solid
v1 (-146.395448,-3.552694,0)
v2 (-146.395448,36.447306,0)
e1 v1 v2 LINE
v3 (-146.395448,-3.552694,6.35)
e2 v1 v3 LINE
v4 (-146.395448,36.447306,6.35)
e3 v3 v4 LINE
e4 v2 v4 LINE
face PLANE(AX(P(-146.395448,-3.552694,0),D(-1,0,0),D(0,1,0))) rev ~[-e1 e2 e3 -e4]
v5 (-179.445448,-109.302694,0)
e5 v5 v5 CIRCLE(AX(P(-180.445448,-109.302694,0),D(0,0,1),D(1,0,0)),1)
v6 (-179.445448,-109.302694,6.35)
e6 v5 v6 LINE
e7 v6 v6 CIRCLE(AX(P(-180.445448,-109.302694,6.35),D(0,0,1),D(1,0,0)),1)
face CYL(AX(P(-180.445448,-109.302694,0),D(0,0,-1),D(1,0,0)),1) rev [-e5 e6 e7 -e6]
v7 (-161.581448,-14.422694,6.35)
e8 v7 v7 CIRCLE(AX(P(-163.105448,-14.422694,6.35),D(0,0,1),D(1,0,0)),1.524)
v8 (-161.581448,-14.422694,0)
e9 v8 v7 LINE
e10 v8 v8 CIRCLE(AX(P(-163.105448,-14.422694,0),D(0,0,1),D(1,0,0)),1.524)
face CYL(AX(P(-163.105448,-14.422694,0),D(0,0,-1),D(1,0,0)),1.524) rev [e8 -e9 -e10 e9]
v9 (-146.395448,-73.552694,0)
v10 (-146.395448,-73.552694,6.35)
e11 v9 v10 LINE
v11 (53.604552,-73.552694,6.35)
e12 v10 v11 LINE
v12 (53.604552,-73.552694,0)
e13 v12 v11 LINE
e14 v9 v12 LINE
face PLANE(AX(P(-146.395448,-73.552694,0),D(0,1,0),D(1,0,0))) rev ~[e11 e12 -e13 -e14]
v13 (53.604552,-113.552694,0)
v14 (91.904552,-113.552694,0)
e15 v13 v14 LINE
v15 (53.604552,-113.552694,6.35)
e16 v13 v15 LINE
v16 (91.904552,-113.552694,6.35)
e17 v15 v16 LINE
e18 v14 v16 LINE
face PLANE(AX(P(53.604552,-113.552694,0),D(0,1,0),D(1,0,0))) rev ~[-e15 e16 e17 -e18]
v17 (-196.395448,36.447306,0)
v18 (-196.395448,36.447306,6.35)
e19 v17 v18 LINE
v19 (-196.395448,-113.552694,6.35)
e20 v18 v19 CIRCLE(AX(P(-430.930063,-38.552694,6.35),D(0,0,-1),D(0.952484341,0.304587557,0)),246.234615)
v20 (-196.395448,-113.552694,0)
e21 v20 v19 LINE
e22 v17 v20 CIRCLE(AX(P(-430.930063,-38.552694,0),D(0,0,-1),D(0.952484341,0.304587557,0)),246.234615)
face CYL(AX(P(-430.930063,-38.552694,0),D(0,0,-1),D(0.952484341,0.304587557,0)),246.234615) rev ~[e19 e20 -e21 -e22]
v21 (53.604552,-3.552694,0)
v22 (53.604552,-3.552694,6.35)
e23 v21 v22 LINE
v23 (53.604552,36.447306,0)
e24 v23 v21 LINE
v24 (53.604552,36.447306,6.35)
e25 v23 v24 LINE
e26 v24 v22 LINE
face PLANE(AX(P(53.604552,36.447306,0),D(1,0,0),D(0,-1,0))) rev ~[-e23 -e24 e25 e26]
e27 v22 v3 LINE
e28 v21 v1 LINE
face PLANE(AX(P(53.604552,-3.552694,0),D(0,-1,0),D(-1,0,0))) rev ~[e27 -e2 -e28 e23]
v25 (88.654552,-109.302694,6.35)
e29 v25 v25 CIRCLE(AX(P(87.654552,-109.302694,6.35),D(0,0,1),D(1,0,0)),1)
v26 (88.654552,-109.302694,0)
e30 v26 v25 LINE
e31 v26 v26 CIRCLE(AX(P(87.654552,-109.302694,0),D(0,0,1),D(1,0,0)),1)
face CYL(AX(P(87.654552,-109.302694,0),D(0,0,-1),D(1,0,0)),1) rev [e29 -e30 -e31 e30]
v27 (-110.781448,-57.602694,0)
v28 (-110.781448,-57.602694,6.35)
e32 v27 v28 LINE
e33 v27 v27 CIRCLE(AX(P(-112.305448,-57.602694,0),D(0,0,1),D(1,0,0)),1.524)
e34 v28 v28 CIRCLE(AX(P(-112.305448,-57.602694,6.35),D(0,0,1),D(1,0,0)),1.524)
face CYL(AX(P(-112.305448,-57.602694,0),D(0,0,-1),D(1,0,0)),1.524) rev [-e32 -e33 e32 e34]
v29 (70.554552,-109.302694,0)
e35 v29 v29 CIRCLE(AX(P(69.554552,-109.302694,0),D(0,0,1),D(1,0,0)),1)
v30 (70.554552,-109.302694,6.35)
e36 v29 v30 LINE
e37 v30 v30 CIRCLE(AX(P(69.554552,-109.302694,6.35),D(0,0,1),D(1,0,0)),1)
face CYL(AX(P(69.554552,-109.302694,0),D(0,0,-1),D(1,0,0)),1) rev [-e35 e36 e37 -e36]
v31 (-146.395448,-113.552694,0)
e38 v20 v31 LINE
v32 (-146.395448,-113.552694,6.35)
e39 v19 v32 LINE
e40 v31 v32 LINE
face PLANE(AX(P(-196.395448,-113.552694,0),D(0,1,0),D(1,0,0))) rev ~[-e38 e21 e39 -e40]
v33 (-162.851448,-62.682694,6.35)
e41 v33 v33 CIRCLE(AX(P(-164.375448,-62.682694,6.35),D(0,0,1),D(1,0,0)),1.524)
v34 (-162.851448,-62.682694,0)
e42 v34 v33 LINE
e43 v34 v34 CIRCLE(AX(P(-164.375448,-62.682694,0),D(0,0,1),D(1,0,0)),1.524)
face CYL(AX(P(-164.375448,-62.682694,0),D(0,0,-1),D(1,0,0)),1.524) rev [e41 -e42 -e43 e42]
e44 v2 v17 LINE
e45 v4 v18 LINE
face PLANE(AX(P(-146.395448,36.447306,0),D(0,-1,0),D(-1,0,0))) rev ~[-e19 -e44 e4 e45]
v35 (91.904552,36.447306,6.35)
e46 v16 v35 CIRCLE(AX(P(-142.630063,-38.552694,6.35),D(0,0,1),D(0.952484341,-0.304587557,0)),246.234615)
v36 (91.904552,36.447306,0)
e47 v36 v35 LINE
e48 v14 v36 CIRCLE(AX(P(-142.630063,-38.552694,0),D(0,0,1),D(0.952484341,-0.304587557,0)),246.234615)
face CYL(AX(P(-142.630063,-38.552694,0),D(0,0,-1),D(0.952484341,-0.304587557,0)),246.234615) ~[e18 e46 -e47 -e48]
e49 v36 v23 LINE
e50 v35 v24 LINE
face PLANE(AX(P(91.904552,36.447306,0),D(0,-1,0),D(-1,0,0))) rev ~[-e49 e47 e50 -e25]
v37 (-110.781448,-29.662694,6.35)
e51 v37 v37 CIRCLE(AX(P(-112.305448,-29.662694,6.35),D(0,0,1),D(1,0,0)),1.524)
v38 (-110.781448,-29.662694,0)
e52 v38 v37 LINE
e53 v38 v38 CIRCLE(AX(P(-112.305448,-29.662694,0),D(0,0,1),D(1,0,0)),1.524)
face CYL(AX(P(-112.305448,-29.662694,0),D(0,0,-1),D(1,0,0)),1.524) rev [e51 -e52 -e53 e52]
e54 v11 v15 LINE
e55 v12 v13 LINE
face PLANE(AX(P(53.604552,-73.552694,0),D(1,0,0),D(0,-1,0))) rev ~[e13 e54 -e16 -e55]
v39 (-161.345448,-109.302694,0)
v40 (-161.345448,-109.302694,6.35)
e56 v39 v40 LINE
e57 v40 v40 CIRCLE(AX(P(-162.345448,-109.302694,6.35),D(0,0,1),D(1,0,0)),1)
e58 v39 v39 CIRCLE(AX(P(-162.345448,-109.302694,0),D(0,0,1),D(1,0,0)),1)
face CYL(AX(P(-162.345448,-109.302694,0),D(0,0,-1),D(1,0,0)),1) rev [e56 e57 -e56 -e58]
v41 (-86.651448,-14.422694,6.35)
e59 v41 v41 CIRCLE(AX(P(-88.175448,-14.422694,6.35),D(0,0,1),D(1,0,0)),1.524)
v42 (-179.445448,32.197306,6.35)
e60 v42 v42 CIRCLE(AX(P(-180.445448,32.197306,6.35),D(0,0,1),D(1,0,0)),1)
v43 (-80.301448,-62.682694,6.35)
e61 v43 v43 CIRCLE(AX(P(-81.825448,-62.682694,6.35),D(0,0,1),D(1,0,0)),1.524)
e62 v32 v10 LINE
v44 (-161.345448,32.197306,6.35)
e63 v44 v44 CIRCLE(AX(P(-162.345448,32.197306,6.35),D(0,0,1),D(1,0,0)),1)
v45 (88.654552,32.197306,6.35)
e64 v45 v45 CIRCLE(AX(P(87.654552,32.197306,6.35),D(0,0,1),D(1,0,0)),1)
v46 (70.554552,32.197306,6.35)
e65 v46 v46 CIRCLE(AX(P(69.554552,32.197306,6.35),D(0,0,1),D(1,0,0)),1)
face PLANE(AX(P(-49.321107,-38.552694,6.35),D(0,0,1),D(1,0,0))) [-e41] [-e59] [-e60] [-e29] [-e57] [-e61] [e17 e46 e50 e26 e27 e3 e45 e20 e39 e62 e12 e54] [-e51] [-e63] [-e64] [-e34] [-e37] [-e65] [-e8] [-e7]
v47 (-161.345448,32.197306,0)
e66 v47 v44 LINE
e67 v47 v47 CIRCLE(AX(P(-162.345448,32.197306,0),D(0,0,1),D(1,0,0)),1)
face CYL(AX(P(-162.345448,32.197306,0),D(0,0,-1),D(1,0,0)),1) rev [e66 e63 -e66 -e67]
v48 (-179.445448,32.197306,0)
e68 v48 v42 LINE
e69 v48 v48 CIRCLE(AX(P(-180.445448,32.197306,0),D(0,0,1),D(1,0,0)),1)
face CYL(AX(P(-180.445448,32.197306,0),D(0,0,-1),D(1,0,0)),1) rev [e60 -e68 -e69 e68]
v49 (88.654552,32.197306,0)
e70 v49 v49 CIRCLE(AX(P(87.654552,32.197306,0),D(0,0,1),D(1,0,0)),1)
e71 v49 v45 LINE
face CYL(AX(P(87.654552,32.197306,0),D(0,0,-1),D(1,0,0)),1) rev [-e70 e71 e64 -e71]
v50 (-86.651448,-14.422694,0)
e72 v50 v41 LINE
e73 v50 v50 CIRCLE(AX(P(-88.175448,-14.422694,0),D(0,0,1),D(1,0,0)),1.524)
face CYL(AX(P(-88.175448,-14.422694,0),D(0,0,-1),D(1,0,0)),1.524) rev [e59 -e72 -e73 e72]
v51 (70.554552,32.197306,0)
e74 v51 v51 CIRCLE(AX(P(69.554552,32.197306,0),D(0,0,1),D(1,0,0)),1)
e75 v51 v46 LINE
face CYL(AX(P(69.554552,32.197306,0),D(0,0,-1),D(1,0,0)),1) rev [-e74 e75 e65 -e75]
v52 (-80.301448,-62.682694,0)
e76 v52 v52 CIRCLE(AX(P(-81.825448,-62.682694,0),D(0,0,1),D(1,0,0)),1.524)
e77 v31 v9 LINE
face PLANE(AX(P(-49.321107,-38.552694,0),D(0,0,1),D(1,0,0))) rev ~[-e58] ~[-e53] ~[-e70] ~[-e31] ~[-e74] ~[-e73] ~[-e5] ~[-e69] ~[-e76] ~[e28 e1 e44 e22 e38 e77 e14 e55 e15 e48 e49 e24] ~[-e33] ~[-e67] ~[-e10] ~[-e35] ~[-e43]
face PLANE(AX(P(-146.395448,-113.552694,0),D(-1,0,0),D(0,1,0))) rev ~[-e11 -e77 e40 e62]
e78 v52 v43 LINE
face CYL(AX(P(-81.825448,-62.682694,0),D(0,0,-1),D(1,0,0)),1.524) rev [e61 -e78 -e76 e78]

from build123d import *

# Parameters (mm, degrees)
F0_R     = 1
F0_R_2   = 1.524
F1_DEPTH = 6.35


with BuildPart() as f1:
    # F0 (on Top) → F1 (new body)
    with BuildSketch(Plane.XY):
        with BuildLine():
            ThreePointArc((-196.395448, 36.447306), (-184.695448, -38.552694), (-196.395448, -113.552694))
            Line((-196.395448, -113.552694), (-146.395448, -113.552694))
            Line((-146.395448, -113.552694), (-146.395448, -73.552694))
            Line((-146.395448, -73.552694), (53.604552, -73.552694))
            Line((53.604552, -73.552694), (53.604552, -113.552694))
            Line((53.604552, -113.552694), (91.904552, -113.552694))
            ThreePointArc((91.904552, -113.552694), (103.604552, -38.552694), (91.904552, 36.447306))
            Line((91.904552, 36.447306), (65.304552, 36.447306))
            Line((65.304552, 36.447306), (53.604552, 36.447306))
            Line((53.604552, 36.447306), (53.604552, -3.552694))
            Line((53.604552, -3.552694), (-146.395448, -3.552694))
            Line((-146.395448, -3.552694), (-146.395448, 36.447306))
            Line((-146.395448, 36.447306), (-158.095448, 36.447306))
            Line((-158.095448, 36.447306), (-184.695448, 36.447306))
            Line((-184.695448, 36.447306), (-196.395448, 36.447306))
        make_face()
        with Locations((-180.445448, -109.302694)):
            Circle(F0_R, mode=Mode.SUBTRACT)
        with Locations((-162.345448, -109.302694)):
            Circle(F0_R, mode=Mode.SUBTRACT)
        with Locations((-164.375448, -62.682694)):
            Circle(F0_R_2, mode=Mode.SUBTRACT)
        with Locations((-112.305448, -57.602694)):
            Circle(F0_R_2, mode=Mode.SUBTRACT)
        with Locations((-81.825448, -62.682694)):
            Circle(F0_R_2, mode=Mode.SUBTRACT)
        with Locations((69.554552, -109.302694)):
            Circle(F0_R, mode=Mode.SUBTRACT)
        with Locations((87.654552, -109.302694)):
            Circle(F0_R, mode=Mode.SUBTRACT)
        with Locations((-163.105448, -14.422694)):
            Circle(F0_R_2, mode=Mode.SUBTRACT)
        with Locations((-112.305448, -29.662694)):
            Circle(F0_R_2, mode=Mode.SUBTRACT)
        with Locations((-88.175448, -14.422694)):
            Circle(F0_R_2, mode=Mode.SUBTRACT)
        with Locations((-180.445448, 32.197306)):
            Circle(F0_R, mode=Mode.SUBTRACT)
        with Locations((-162.345448, 32.197306)):
            Circle(F0_R, mode=Mode.SUBTRACT)
        with Locations((69.554552, 32.197306)):
            Circle(F0_R, mode=Mode.SUBTRACT)
        with Locations((87.654552, 32.197306)):
            Circle(F0_R, mode=Mode.SUBTRACT)
    extrude(amount=F1_DEPTH)


solid = f1.part
